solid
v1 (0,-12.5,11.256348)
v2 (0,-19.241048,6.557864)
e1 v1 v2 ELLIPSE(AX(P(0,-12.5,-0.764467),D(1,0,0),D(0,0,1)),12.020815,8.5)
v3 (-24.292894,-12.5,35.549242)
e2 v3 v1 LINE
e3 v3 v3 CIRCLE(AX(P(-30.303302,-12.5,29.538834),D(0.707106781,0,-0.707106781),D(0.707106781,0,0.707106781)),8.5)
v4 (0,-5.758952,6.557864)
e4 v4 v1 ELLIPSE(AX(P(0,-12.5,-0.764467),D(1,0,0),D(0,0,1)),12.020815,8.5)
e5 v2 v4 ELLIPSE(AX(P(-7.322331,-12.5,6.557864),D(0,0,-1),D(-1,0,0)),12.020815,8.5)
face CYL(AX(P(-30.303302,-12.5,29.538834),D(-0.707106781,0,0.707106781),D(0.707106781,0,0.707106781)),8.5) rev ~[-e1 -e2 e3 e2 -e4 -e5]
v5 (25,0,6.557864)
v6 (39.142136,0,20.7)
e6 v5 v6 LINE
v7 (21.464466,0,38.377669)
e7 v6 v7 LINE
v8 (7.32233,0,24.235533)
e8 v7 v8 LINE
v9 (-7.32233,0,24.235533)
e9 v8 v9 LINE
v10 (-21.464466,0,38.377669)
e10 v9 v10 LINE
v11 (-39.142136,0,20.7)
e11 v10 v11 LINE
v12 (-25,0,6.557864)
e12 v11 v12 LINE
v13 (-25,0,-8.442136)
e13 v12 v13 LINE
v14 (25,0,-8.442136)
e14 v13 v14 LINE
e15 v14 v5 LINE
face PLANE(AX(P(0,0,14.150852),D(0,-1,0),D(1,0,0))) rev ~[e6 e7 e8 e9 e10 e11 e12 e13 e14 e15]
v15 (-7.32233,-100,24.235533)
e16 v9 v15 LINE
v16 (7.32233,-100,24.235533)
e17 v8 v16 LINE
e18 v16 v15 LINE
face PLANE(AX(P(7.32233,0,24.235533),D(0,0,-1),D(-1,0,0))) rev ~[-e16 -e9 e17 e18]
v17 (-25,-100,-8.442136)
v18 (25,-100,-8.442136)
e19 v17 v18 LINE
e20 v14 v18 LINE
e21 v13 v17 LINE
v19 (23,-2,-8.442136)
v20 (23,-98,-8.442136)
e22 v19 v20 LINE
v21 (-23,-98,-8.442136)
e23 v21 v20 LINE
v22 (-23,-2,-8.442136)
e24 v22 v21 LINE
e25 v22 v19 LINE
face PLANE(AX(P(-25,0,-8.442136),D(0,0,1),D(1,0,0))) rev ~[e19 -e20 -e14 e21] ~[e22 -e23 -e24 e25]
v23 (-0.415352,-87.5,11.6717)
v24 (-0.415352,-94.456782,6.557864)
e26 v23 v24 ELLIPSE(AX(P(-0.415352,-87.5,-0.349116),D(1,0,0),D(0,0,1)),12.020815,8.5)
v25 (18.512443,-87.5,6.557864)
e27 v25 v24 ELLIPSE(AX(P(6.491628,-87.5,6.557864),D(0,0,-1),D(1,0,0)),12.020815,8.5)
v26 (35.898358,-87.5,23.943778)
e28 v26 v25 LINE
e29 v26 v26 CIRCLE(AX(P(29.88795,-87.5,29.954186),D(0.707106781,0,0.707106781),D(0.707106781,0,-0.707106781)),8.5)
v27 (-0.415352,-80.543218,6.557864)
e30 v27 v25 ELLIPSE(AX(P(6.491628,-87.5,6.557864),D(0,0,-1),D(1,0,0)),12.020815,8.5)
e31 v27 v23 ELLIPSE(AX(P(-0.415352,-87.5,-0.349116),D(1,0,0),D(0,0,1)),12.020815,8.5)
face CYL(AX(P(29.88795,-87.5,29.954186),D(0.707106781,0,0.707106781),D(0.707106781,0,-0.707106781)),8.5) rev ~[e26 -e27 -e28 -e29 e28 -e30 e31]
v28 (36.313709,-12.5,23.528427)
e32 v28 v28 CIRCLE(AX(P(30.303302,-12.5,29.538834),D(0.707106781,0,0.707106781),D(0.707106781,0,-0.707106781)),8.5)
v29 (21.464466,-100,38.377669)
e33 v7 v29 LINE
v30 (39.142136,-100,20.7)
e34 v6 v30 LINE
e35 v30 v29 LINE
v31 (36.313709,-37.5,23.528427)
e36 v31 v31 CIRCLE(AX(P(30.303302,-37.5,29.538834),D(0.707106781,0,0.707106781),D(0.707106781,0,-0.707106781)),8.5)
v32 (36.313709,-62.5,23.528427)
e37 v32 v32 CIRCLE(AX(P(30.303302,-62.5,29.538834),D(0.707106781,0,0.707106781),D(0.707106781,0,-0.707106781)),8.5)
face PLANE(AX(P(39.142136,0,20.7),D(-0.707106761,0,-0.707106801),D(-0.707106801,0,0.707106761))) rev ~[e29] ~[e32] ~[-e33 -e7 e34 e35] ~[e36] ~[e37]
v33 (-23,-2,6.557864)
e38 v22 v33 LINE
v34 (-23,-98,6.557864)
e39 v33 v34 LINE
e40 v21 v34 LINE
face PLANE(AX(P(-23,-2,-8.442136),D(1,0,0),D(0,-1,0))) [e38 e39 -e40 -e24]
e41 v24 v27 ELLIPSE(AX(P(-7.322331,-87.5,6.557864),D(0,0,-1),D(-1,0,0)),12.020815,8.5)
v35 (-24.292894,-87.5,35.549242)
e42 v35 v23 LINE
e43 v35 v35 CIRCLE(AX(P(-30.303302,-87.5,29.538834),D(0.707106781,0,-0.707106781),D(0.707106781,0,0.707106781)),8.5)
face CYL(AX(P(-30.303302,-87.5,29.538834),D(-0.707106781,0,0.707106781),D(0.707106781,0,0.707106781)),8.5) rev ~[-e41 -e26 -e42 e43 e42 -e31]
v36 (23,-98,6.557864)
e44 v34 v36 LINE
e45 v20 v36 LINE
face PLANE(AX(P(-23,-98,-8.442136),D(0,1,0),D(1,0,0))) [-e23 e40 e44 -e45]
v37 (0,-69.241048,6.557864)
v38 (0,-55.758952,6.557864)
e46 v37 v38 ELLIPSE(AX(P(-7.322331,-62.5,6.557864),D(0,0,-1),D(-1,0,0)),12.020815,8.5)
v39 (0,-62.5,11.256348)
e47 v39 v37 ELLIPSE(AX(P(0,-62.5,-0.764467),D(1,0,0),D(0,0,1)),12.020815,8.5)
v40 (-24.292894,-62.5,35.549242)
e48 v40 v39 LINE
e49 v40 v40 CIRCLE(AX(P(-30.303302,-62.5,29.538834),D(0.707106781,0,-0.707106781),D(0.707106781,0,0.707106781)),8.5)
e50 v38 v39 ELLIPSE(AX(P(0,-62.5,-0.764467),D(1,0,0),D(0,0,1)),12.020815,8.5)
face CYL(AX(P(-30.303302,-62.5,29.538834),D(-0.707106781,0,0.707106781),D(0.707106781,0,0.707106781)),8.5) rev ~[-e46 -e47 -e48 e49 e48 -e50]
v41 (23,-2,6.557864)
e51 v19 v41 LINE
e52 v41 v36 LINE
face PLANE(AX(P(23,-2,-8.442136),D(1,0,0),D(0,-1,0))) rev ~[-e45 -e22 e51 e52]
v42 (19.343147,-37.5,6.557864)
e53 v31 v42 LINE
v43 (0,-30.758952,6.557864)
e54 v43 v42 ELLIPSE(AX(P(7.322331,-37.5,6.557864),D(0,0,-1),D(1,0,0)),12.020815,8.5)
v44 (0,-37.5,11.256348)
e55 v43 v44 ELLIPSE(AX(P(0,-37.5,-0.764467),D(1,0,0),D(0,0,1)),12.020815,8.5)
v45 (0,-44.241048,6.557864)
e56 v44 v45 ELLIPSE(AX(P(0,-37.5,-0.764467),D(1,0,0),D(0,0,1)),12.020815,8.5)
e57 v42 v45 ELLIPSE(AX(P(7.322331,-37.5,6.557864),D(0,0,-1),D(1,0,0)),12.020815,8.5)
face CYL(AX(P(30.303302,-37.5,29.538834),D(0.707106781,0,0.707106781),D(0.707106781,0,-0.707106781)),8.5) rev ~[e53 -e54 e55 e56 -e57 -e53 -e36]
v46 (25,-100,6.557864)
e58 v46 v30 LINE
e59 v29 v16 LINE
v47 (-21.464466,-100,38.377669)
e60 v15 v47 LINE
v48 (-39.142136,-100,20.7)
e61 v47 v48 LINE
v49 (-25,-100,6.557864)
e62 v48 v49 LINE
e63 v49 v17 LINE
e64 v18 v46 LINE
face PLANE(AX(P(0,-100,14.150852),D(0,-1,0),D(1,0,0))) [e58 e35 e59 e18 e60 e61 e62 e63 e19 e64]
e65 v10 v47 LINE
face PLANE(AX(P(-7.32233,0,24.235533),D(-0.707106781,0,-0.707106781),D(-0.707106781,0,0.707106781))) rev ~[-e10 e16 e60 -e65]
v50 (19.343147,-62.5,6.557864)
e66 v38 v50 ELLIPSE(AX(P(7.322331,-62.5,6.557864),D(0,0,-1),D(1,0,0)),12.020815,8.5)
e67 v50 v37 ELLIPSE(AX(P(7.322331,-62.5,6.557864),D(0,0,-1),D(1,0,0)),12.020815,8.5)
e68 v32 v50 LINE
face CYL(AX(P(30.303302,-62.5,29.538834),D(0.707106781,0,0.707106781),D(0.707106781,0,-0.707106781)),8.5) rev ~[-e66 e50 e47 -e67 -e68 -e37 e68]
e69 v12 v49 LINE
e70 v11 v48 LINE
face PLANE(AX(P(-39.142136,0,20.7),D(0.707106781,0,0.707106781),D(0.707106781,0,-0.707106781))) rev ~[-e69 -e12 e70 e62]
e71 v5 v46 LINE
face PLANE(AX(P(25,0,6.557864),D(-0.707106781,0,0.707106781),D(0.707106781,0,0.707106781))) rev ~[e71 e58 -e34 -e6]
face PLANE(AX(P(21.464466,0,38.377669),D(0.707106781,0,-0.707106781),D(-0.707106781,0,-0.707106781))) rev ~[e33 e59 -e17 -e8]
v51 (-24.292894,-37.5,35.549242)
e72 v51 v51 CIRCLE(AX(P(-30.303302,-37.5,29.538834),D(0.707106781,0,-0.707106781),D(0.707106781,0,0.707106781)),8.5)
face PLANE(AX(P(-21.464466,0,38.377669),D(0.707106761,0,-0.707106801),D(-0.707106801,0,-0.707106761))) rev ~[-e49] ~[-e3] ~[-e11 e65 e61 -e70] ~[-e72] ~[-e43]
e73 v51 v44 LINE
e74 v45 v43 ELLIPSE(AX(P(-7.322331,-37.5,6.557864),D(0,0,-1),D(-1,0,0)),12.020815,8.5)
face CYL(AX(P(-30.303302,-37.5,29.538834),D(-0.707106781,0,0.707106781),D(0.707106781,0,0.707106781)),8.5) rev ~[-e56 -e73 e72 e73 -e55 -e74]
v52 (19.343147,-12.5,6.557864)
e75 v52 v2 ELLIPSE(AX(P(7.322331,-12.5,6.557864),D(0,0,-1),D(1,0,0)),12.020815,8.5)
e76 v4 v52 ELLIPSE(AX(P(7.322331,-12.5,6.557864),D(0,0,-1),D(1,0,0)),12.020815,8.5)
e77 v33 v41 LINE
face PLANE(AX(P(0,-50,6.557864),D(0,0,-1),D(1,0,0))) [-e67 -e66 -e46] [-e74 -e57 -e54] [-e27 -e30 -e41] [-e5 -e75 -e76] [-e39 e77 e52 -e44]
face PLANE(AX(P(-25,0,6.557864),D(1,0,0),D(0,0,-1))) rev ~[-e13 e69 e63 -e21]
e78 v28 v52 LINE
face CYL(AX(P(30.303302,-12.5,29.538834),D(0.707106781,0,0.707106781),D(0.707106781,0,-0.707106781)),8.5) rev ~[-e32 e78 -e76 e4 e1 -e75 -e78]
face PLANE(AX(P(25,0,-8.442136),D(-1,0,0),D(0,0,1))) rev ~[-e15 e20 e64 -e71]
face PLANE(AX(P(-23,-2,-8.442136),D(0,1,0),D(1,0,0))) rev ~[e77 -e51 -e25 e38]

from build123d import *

# Parameters (mm, degrees)
F1_DEPTH = 100
F2_W     = 46
F2_H     = 96
F3_DEPTH = 15
F4_R     = 8.5
F5_DEPTH = 50.2
F6_R     = 8.5
F7_DEPTH = 63.4


with BuildPart() as f1:
    # F0 (on Front) → F1 (new body)
    with BuildSketch(Plane.XZ):
        Polygon((-25, -8.442136), (0, -8.442136), (25, -8.442136), (25, 6.557864), (39.142136, 20.7), (21.464466, 38.377669), (7.32233, 24.235533), (0, 24.235533), (-7.32233, 24.235533), (-21.464466, 38.377669), (-39.142136, 20.7), (-25, 6.557864), align=None)
    extrude(amount=F1_DEPTH)

    # F2 (on face) → F3 (cut)
    with BuildSketch(Plane(origin=(0, 0, -8.442136), x_dir=(1, 0, 0), z_dir=(0, 0, -1))):
        with Locations((0, 50)):
            Rectangle(F2_W, F2_H)
    extrude(amount=-F3_DEPTH, mode=Mode.SUBTRACT)

    # F4 (on face) → F5 (cut)
    with BuildSketch(Plane(origin=(29.921068, 0, 29.921068), x_dir=(0.707107, 0, -0.707107), z_dir=(0.707107, 0, 0.707107))):
        with Locations((-0.046836, -87.5)):
            Circle(F4_R)
        with Locations((0.54056, -62.5)):
            Circle(F4_R)
        with Locations((0.54056, -37.5)):
            Circle(F4_R)
        with Locations((0.54056, -12.5)):
            Circle(F4_R)
    extrude(amount=-F5_DEPTH, mode=Mode.SUBTRACT)

    # F6 (on face) → F7 (cut)
    with BuildSketch(Plane(origin=(-29.921068, 0, 29.921068), x_dir=(0.707107, 0, 0.707107), z_dir=(-0.707107, 0, 0.707107))):
        with Locations((-0.54056, -12.5)):
            Circle(F6_R)
        with Locations((-0.54056, -37.5)):
            Circle(F6_R)
        with Locations((-0.54056, -62.5)):
            Circle(F6_R)
        with Locations((-0.54056, -87.5)):
            Circle(F6_R)
    extrude(amount=-F7_DEPTH, mode=Mode.SUBTRACT)


solid = f1.part
